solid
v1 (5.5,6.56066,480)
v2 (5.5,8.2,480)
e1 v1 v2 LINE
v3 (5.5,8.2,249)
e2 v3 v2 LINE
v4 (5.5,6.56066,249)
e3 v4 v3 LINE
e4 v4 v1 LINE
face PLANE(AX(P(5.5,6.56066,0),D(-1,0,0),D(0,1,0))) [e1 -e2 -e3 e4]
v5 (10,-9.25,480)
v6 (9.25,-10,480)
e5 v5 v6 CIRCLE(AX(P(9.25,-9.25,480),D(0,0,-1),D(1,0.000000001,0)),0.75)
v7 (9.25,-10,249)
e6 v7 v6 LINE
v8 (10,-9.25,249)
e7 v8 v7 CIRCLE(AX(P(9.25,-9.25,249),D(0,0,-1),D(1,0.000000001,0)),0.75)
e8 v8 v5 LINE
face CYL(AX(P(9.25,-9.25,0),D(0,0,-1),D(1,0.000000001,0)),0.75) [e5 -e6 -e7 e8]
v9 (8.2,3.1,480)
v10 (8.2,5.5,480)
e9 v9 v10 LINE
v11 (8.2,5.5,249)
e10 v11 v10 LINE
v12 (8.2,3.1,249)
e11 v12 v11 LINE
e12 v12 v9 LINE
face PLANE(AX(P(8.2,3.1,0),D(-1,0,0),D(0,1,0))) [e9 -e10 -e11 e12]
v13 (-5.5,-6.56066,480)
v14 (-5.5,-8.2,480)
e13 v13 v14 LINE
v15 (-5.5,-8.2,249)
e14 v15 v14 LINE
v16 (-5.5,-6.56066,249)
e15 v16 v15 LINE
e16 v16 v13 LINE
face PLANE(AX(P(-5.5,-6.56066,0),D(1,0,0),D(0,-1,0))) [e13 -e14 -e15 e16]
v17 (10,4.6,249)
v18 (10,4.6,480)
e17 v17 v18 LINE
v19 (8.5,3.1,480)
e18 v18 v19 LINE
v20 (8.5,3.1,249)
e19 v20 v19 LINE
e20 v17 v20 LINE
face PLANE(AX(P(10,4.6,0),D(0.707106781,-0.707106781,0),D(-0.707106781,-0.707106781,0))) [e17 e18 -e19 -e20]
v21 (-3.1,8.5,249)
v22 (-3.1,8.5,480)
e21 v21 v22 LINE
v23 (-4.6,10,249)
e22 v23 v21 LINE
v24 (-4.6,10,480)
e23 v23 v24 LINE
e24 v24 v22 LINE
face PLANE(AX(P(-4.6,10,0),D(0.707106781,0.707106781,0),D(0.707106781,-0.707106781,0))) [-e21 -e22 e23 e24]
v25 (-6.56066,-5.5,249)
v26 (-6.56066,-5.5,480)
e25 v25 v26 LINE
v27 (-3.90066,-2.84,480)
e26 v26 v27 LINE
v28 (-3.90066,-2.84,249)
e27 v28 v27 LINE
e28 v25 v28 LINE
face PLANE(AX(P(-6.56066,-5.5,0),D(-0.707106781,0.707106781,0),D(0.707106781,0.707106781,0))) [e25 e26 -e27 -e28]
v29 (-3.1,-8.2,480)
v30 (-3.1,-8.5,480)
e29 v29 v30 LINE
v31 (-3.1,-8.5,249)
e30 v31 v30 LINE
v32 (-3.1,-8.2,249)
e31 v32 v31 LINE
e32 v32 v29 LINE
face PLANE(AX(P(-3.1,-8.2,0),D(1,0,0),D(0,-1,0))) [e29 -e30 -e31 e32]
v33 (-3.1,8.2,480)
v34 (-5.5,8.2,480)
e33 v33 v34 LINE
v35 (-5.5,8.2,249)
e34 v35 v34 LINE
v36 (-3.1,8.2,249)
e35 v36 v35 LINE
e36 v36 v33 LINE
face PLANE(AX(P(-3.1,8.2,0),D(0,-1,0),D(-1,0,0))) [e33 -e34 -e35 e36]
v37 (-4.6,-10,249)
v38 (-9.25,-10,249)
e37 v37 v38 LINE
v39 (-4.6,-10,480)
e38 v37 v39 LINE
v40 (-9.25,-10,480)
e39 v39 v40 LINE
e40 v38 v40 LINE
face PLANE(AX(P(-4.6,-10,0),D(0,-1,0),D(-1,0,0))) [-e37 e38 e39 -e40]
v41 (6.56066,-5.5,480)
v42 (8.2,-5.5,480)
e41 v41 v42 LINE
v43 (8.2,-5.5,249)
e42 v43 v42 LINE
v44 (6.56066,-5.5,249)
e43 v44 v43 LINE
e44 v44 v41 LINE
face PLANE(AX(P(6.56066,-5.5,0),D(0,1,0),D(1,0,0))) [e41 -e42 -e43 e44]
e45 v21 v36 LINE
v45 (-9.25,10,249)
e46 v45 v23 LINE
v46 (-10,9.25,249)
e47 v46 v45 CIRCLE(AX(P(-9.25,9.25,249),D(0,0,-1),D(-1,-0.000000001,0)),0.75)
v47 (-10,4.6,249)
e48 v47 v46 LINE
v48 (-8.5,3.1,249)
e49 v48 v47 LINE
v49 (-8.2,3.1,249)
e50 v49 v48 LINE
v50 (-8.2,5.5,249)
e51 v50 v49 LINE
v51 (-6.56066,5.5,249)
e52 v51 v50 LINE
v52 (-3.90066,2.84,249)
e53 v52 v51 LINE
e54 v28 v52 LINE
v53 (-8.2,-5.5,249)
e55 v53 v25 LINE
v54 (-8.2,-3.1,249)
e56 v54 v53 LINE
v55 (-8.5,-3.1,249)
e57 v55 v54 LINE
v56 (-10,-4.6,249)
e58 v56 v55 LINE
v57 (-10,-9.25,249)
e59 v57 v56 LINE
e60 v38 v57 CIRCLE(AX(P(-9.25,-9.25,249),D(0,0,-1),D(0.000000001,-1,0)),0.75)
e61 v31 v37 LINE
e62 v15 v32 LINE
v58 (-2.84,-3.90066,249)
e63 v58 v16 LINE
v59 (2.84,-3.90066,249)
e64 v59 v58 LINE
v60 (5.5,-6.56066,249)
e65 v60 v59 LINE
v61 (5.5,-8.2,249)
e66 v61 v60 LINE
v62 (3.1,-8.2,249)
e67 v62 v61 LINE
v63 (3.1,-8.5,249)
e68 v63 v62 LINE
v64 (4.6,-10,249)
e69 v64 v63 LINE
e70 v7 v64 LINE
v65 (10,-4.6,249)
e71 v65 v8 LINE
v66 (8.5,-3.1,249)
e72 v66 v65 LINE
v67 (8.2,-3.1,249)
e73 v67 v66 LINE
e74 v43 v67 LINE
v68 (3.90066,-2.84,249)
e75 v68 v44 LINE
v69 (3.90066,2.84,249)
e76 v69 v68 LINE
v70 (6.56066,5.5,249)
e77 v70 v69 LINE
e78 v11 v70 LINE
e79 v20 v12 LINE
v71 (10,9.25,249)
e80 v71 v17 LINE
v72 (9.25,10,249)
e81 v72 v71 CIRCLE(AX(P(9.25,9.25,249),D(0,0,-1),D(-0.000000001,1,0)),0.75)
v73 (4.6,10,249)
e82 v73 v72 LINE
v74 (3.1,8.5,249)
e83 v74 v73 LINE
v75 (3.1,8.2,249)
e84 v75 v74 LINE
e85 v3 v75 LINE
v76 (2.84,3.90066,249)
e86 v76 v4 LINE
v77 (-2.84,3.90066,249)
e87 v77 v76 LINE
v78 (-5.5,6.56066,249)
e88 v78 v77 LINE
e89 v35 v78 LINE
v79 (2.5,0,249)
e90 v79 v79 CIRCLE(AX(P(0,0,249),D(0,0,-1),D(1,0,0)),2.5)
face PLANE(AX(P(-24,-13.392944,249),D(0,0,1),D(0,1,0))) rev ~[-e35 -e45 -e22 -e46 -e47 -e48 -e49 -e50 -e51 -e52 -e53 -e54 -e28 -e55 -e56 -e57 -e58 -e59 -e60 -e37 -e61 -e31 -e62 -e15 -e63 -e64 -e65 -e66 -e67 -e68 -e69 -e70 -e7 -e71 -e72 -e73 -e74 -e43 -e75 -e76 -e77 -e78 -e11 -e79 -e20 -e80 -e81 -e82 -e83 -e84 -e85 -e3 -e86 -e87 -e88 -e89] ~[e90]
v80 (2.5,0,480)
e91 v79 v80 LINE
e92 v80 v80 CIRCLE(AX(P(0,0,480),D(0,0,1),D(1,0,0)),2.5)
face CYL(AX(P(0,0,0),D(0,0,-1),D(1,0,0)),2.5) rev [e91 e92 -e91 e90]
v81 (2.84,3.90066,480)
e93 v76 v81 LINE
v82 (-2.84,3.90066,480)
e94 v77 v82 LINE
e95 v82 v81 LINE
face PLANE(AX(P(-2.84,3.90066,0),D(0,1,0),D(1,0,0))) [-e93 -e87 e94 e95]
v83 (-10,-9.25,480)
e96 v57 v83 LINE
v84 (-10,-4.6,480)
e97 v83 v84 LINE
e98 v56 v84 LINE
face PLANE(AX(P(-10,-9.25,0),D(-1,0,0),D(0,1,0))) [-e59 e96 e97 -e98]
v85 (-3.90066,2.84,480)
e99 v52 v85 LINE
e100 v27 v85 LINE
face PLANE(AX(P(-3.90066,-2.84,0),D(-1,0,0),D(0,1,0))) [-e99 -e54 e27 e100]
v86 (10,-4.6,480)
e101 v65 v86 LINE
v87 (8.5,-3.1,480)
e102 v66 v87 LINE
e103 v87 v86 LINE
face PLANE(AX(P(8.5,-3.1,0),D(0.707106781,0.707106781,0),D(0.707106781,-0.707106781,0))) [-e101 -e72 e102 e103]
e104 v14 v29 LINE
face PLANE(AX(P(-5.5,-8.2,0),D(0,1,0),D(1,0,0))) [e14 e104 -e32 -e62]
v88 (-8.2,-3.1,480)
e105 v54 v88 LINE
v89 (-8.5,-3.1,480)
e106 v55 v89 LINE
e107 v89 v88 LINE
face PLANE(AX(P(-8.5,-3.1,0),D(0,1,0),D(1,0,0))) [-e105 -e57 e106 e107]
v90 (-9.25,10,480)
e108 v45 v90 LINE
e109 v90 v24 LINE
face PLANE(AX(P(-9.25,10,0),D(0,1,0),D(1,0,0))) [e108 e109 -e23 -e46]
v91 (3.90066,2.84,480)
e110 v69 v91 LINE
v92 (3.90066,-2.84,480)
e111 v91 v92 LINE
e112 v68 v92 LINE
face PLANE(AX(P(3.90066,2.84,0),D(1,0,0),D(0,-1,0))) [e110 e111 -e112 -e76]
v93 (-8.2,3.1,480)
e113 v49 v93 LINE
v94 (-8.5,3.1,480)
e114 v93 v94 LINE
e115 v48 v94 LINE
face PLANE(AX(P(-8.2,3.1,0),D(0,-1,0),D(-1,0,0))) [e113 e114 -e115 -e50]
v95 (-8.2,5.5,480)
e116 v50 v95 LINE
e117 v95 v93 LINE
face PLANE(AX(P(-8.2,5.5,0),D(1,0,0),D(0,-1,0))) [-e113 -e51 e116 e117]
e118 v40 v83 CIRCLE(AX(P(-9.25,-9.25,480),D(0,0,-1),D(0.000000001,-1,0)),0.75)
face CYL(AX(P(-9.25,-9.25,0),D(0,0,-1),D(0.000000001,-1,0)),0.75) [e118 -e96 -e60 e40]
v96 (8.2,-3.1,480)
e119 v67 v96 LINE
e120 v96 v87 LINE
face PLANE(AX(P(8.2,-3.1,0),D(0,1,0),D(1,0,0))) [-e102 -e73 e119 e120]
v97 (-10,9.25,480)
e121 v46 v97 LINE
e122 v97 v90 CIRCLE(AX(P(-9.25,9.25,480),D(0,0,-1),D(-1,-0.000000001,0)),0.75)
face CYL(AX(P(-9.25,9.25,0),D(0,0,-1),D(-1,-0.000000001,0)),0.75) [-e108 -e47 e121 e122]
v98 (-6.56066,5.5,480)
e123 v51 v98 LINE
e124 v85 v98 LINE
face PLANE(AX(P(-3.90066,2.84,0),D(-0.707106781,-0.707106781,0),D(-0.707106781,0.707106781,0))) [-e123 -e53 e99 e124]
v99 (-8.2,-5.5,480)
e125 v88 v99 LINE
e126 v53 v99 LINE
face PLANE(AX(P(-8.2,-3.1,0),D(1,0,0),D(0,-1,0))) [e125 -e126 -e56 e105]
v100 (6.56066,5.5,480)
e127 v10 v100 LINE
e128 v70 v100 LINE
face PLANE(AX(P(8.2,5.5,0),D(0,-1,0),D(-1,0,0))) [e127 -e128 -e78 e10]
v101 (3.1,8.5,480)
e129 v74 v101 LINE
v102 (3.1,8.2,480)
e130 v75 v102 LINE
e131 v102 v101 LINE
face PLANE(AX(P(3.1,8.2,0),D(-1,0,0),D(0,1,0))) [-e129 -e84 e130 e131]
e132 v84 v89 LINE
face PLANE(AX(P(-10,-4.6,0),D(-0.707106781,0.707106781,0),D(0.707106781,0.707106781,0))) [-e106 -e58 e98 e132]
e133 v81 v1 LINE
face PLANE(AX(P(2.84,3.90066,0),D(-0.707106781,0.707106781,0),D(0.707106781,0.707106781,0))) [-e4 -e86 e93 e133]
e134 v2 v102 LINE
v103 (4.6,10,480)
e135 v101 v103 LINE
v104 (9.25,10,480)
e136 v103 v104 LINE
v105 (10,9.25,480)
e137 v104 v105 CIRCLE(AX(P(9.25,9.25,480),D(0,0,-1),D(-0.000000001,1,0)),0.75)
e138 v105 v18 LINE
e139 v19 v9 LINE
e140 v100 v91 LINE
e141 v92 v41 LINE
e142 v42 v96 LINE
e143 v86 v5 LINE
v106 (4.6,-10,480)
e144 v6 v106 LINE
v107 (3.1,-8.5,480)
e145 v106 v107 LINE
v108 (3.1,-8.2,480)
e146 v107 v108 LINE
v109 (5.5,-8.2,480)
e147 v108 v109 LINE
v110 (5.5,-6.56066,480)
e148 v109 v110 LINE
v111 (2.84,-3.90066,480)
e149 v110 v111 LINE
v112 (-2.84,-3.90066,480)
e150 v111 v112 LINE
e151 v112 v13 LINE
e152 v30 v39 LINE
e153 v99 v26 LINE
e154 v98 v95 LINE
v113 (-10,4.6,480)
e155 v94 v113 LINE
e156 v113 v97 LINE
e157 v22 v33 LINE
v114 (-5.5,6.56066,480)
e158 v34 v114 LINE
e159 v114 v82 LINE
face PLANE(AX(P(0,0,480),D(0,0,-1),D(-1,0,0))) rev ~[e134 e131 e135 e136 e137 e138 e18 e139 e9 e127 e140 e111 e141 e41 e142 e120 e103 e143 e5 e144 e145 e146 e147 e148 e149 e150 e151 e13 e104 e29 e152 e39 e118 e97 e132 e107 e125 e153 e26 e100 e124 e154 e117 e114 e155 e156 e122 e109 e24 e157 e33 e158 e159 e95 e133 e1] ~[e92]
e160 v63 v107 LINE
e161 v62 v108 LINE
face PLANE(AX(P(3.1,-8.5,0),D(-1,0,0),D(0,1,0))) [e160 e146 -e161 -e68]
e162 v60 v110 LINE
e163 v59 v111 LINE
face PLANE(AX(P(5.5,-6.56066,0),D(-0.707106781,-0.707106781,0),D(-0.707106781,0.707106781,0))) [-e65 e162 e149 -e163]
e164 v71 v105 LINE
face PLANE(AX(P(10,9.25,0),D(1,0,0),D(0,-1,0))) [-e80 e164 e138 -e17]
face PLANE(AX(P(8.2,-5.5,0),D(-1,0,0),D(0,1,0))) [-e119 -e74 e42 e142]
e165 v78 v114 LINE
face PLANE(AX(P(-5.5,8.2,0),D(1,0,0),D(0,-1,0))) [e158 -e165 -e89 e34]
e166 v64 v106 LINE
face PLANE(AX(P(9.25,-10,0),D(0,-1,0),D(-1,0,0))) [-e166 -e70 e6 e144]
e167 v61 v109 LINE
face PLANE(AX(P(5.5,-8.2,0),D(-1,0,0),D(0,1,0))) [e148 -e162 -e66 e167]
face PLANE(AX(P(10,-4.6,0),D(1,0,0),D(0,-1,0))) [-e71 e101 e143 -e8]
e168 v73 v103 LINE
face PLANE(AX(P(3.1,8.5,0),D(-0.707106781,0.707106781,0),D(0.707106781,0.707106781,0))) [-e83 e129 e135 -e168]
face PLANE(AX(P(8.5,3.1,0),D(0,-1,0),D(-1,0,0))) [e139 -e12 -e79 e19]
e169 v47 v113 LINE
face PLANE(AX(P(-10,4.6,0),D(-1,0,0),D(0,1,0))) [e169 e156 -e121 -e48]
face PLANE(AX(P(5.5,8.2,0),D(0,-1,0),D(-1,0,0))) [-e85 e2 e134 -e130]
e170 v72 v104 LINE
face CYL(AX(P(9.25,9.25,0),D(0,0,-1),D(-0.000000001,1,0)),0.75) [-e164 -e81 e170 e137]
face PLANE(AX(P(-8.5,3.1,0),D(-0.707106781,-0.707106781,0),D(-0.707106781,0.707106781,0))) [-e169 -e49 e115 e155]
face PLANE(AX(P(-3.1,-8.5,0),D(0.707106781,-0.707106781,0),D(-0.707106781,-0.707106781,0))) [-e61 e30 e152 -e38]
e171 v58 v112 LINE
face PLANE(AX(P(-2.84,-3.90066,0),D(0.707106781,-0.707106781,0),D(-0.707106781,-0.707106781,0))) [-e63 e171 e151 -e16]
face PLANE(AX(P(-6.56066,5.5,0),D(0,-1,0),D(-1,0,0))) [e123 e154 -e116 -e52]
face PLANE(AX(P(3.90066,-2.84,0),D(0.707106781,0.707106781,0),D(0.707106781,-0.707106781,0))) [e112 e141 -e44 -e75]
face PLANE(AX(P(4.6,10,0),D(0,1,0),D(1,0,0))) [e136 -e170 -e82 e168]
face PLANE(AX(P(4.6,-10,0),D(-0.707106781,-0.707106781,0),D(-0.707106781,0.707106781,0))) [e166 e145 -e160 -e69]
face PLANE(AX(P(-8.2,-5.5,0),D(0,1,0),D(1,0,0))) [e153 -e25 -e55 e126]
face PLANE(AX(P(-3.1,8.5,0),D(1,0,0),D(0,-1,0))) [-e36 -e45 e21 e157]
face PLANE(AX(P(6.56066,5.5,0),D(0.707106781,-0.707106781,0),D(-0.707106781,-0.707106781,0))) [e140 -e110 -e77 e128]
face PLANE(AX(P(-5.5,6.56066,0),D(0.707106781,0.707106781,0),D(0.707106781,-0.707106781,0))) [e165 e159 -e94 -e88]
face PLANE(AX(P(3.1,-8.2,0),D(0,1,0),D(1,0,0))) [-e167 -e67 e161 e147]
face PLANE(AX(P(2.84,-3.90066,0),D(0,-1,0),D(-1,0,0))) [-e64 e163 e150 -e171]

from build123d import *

# Parameters (mm, degrees)
CROQUIS1_R              = 2.5
SALIENTE_EXTRUIR1_DEPTH = 480
CUT_EXTRUDE1_DEPTH      = 25
CUT_EXTRUDE1_DEPTH_BACK = 24
SKETCH2_W               = 498
SKETCH2_H               = 26.785887704


with BuildPart() as part:
    # Croquis1 → Saliente-Extruir1 (new body)
    with BuildSketch(Plane.XY):
        with BuildLine():
            Line((-4.6, 10), (-3.1, 8.5))
            Line((-3.1, 8.5), (-3.1, 8.2))
            Line((-3.1, 8.2), (-5.5, 8.2))
            Line((-5.5, 8.2), (-5.5, 6.560660172))
            Line((-5.5, 6.560660172), (-2.84, 3.900660172))
            Line((-2.84, 3.900660172), (0, 3.900660172))
            Line((0, 3.900660172), (2.84, 3.900660172))
            Line((2.84, 3.900660172), (5.5, 6.560660172))
            Line((5.5, 6.560660172), (5.5, 8.2))
            Line((5.5, 8.2), (3.1, 8.2))
            Line((3.1, 8.2), (3.1, 8.5))
            Line((3.1, 8.5), (4.6, 10))
            Line((4.6, 10), (9.25, 10))
            ThreePointArc((9.25, 10), (9.780330086, 9.780330086), (10, 9.25))
            Line((10, 9.25), (10, 4.6))
            Line((10, 4.6), (8.5, 3.1))
            Line((8.5, 3.1), (8.2, 3.1))
            Line((8.2, 3.1), (8.2, 5.5))
            Line((8.2, 5.5), (6.560660172, 5.5))
            Line((6.560660172, 5.5), (3.900660172, 2.84))
            Line((3.900660172, 2.84), (3.900660172, 0))
            Line((3.900660172, 0), (3.900660172, -2.84))
            Line((3.900660172, -2.84), (6.560660172, -5.5))
            Line((6.560660172, -5.5), (8.2, -5.5))
            Line((8.2, -5.5), (8.2, -3.1))
            Line((8.2, -3.1), (8.5, -3.1))
            Line((8.5, -3.1), (10, -4.6))
            Line((10, -4.6), (10, -9.25))
            ThreePointArc((10, -9.25), (9.780330086, -9.780330086), (9.25, -10))
            Line((9.25, -10), (4.6, -10))
            Line((4.6, -10), (3.1, -8.5))
            Line((3.1, -8.5), (3.1, -8.2))
            Line((3.1, -8.2), (5.5, -8.2))
            Line((5.5, -8.2), (5.5, -6.560660172))
            Line((5.5, -6.560660172), (2.84, -3.900660172))
            Line((2.84, -3.900660172), (0, -3.900660172))
            Line((0, -3.900660172), (-2.84, -3.900660172))
            Line((-2.84, -3.900660172), (-5.5, -6.560660172))
            Line((-5.5, -6.560660172), (-5.5, -8.2))
            Line((-5.5, -8.2), (-3.1, -8.2))
            Line((-3.1, -8.2), (-3.1, -8.5))
            Line((-3.1, -8.5), (-4.6, -10))
            Line((-4.6, -10), (-9.25, -10))
            ThreePointArc((-9.25, -10), (-9.780330086, -9.780330086), (-10, -9.25))
            Line((-10, -9.25), (-10, -4.6))
            Line((-10, -4.6), (-8.5, -3.1))
            Line((-8.5, -3.1), (-8.2, -3.1))
            Line((-8.2, -3.1), (-8.2, -5.5))
            Line((-8.2, -5.5), (-6.560660172, -5.5))
            Line((-6.560660172, -5.5), (-3.900660172, -2.84))
            Line((-3.900660172, -2.84), (-3.900660172, 0))
            Line((-3.900660172, 0), (-3.900660172, 2.84))
            Line((-3.900660172, 2.84), (-6.560660172, 5.5))
            Line((-6.560660172, 5.5), (-8.2, 5.5))
            Line((-8.2, 5.5), (-8.2, 3.1))
            Line((-8.2, 3.1), (-8.5, 3.1))
            Line((-8.5, 3.1), (-10, 4.6))
            Line((-10, 4.6), (-10, 9.25))
            ThreePointArc((-10, 9.25), (-9.780330086, 9.780330086), (-9.25, 10))
            Line((-9.25, 10), (-4.6, 10))
        make_face()
        Circle(CROQUIS1_R, mode=Mode.SUBTRACT)
    extrude(amount=SALIENTE_EXTRUIR1_DEPTH)

    # Sketch2 → Cut-Extrude1 (cut, two sides: drawn at the far end of the back side and taken through both)
    with BuildSketch(Plane(origin=(0, 0, 0), x_dir=(0, 0, -1), z_dir=(1, 0, 0)).offset(-CUT_EXTRUDE1_DEPTH_BACK)):
        Rectangle(SKETCH2_W, SKETCH2_H)
    extrude(amount=CUT_EXTRUDE1_DEPTH + CUT_EXTRUDE1_DEPTH_BACK, mode=Mode.SUBTRACT)


solid = part.part
